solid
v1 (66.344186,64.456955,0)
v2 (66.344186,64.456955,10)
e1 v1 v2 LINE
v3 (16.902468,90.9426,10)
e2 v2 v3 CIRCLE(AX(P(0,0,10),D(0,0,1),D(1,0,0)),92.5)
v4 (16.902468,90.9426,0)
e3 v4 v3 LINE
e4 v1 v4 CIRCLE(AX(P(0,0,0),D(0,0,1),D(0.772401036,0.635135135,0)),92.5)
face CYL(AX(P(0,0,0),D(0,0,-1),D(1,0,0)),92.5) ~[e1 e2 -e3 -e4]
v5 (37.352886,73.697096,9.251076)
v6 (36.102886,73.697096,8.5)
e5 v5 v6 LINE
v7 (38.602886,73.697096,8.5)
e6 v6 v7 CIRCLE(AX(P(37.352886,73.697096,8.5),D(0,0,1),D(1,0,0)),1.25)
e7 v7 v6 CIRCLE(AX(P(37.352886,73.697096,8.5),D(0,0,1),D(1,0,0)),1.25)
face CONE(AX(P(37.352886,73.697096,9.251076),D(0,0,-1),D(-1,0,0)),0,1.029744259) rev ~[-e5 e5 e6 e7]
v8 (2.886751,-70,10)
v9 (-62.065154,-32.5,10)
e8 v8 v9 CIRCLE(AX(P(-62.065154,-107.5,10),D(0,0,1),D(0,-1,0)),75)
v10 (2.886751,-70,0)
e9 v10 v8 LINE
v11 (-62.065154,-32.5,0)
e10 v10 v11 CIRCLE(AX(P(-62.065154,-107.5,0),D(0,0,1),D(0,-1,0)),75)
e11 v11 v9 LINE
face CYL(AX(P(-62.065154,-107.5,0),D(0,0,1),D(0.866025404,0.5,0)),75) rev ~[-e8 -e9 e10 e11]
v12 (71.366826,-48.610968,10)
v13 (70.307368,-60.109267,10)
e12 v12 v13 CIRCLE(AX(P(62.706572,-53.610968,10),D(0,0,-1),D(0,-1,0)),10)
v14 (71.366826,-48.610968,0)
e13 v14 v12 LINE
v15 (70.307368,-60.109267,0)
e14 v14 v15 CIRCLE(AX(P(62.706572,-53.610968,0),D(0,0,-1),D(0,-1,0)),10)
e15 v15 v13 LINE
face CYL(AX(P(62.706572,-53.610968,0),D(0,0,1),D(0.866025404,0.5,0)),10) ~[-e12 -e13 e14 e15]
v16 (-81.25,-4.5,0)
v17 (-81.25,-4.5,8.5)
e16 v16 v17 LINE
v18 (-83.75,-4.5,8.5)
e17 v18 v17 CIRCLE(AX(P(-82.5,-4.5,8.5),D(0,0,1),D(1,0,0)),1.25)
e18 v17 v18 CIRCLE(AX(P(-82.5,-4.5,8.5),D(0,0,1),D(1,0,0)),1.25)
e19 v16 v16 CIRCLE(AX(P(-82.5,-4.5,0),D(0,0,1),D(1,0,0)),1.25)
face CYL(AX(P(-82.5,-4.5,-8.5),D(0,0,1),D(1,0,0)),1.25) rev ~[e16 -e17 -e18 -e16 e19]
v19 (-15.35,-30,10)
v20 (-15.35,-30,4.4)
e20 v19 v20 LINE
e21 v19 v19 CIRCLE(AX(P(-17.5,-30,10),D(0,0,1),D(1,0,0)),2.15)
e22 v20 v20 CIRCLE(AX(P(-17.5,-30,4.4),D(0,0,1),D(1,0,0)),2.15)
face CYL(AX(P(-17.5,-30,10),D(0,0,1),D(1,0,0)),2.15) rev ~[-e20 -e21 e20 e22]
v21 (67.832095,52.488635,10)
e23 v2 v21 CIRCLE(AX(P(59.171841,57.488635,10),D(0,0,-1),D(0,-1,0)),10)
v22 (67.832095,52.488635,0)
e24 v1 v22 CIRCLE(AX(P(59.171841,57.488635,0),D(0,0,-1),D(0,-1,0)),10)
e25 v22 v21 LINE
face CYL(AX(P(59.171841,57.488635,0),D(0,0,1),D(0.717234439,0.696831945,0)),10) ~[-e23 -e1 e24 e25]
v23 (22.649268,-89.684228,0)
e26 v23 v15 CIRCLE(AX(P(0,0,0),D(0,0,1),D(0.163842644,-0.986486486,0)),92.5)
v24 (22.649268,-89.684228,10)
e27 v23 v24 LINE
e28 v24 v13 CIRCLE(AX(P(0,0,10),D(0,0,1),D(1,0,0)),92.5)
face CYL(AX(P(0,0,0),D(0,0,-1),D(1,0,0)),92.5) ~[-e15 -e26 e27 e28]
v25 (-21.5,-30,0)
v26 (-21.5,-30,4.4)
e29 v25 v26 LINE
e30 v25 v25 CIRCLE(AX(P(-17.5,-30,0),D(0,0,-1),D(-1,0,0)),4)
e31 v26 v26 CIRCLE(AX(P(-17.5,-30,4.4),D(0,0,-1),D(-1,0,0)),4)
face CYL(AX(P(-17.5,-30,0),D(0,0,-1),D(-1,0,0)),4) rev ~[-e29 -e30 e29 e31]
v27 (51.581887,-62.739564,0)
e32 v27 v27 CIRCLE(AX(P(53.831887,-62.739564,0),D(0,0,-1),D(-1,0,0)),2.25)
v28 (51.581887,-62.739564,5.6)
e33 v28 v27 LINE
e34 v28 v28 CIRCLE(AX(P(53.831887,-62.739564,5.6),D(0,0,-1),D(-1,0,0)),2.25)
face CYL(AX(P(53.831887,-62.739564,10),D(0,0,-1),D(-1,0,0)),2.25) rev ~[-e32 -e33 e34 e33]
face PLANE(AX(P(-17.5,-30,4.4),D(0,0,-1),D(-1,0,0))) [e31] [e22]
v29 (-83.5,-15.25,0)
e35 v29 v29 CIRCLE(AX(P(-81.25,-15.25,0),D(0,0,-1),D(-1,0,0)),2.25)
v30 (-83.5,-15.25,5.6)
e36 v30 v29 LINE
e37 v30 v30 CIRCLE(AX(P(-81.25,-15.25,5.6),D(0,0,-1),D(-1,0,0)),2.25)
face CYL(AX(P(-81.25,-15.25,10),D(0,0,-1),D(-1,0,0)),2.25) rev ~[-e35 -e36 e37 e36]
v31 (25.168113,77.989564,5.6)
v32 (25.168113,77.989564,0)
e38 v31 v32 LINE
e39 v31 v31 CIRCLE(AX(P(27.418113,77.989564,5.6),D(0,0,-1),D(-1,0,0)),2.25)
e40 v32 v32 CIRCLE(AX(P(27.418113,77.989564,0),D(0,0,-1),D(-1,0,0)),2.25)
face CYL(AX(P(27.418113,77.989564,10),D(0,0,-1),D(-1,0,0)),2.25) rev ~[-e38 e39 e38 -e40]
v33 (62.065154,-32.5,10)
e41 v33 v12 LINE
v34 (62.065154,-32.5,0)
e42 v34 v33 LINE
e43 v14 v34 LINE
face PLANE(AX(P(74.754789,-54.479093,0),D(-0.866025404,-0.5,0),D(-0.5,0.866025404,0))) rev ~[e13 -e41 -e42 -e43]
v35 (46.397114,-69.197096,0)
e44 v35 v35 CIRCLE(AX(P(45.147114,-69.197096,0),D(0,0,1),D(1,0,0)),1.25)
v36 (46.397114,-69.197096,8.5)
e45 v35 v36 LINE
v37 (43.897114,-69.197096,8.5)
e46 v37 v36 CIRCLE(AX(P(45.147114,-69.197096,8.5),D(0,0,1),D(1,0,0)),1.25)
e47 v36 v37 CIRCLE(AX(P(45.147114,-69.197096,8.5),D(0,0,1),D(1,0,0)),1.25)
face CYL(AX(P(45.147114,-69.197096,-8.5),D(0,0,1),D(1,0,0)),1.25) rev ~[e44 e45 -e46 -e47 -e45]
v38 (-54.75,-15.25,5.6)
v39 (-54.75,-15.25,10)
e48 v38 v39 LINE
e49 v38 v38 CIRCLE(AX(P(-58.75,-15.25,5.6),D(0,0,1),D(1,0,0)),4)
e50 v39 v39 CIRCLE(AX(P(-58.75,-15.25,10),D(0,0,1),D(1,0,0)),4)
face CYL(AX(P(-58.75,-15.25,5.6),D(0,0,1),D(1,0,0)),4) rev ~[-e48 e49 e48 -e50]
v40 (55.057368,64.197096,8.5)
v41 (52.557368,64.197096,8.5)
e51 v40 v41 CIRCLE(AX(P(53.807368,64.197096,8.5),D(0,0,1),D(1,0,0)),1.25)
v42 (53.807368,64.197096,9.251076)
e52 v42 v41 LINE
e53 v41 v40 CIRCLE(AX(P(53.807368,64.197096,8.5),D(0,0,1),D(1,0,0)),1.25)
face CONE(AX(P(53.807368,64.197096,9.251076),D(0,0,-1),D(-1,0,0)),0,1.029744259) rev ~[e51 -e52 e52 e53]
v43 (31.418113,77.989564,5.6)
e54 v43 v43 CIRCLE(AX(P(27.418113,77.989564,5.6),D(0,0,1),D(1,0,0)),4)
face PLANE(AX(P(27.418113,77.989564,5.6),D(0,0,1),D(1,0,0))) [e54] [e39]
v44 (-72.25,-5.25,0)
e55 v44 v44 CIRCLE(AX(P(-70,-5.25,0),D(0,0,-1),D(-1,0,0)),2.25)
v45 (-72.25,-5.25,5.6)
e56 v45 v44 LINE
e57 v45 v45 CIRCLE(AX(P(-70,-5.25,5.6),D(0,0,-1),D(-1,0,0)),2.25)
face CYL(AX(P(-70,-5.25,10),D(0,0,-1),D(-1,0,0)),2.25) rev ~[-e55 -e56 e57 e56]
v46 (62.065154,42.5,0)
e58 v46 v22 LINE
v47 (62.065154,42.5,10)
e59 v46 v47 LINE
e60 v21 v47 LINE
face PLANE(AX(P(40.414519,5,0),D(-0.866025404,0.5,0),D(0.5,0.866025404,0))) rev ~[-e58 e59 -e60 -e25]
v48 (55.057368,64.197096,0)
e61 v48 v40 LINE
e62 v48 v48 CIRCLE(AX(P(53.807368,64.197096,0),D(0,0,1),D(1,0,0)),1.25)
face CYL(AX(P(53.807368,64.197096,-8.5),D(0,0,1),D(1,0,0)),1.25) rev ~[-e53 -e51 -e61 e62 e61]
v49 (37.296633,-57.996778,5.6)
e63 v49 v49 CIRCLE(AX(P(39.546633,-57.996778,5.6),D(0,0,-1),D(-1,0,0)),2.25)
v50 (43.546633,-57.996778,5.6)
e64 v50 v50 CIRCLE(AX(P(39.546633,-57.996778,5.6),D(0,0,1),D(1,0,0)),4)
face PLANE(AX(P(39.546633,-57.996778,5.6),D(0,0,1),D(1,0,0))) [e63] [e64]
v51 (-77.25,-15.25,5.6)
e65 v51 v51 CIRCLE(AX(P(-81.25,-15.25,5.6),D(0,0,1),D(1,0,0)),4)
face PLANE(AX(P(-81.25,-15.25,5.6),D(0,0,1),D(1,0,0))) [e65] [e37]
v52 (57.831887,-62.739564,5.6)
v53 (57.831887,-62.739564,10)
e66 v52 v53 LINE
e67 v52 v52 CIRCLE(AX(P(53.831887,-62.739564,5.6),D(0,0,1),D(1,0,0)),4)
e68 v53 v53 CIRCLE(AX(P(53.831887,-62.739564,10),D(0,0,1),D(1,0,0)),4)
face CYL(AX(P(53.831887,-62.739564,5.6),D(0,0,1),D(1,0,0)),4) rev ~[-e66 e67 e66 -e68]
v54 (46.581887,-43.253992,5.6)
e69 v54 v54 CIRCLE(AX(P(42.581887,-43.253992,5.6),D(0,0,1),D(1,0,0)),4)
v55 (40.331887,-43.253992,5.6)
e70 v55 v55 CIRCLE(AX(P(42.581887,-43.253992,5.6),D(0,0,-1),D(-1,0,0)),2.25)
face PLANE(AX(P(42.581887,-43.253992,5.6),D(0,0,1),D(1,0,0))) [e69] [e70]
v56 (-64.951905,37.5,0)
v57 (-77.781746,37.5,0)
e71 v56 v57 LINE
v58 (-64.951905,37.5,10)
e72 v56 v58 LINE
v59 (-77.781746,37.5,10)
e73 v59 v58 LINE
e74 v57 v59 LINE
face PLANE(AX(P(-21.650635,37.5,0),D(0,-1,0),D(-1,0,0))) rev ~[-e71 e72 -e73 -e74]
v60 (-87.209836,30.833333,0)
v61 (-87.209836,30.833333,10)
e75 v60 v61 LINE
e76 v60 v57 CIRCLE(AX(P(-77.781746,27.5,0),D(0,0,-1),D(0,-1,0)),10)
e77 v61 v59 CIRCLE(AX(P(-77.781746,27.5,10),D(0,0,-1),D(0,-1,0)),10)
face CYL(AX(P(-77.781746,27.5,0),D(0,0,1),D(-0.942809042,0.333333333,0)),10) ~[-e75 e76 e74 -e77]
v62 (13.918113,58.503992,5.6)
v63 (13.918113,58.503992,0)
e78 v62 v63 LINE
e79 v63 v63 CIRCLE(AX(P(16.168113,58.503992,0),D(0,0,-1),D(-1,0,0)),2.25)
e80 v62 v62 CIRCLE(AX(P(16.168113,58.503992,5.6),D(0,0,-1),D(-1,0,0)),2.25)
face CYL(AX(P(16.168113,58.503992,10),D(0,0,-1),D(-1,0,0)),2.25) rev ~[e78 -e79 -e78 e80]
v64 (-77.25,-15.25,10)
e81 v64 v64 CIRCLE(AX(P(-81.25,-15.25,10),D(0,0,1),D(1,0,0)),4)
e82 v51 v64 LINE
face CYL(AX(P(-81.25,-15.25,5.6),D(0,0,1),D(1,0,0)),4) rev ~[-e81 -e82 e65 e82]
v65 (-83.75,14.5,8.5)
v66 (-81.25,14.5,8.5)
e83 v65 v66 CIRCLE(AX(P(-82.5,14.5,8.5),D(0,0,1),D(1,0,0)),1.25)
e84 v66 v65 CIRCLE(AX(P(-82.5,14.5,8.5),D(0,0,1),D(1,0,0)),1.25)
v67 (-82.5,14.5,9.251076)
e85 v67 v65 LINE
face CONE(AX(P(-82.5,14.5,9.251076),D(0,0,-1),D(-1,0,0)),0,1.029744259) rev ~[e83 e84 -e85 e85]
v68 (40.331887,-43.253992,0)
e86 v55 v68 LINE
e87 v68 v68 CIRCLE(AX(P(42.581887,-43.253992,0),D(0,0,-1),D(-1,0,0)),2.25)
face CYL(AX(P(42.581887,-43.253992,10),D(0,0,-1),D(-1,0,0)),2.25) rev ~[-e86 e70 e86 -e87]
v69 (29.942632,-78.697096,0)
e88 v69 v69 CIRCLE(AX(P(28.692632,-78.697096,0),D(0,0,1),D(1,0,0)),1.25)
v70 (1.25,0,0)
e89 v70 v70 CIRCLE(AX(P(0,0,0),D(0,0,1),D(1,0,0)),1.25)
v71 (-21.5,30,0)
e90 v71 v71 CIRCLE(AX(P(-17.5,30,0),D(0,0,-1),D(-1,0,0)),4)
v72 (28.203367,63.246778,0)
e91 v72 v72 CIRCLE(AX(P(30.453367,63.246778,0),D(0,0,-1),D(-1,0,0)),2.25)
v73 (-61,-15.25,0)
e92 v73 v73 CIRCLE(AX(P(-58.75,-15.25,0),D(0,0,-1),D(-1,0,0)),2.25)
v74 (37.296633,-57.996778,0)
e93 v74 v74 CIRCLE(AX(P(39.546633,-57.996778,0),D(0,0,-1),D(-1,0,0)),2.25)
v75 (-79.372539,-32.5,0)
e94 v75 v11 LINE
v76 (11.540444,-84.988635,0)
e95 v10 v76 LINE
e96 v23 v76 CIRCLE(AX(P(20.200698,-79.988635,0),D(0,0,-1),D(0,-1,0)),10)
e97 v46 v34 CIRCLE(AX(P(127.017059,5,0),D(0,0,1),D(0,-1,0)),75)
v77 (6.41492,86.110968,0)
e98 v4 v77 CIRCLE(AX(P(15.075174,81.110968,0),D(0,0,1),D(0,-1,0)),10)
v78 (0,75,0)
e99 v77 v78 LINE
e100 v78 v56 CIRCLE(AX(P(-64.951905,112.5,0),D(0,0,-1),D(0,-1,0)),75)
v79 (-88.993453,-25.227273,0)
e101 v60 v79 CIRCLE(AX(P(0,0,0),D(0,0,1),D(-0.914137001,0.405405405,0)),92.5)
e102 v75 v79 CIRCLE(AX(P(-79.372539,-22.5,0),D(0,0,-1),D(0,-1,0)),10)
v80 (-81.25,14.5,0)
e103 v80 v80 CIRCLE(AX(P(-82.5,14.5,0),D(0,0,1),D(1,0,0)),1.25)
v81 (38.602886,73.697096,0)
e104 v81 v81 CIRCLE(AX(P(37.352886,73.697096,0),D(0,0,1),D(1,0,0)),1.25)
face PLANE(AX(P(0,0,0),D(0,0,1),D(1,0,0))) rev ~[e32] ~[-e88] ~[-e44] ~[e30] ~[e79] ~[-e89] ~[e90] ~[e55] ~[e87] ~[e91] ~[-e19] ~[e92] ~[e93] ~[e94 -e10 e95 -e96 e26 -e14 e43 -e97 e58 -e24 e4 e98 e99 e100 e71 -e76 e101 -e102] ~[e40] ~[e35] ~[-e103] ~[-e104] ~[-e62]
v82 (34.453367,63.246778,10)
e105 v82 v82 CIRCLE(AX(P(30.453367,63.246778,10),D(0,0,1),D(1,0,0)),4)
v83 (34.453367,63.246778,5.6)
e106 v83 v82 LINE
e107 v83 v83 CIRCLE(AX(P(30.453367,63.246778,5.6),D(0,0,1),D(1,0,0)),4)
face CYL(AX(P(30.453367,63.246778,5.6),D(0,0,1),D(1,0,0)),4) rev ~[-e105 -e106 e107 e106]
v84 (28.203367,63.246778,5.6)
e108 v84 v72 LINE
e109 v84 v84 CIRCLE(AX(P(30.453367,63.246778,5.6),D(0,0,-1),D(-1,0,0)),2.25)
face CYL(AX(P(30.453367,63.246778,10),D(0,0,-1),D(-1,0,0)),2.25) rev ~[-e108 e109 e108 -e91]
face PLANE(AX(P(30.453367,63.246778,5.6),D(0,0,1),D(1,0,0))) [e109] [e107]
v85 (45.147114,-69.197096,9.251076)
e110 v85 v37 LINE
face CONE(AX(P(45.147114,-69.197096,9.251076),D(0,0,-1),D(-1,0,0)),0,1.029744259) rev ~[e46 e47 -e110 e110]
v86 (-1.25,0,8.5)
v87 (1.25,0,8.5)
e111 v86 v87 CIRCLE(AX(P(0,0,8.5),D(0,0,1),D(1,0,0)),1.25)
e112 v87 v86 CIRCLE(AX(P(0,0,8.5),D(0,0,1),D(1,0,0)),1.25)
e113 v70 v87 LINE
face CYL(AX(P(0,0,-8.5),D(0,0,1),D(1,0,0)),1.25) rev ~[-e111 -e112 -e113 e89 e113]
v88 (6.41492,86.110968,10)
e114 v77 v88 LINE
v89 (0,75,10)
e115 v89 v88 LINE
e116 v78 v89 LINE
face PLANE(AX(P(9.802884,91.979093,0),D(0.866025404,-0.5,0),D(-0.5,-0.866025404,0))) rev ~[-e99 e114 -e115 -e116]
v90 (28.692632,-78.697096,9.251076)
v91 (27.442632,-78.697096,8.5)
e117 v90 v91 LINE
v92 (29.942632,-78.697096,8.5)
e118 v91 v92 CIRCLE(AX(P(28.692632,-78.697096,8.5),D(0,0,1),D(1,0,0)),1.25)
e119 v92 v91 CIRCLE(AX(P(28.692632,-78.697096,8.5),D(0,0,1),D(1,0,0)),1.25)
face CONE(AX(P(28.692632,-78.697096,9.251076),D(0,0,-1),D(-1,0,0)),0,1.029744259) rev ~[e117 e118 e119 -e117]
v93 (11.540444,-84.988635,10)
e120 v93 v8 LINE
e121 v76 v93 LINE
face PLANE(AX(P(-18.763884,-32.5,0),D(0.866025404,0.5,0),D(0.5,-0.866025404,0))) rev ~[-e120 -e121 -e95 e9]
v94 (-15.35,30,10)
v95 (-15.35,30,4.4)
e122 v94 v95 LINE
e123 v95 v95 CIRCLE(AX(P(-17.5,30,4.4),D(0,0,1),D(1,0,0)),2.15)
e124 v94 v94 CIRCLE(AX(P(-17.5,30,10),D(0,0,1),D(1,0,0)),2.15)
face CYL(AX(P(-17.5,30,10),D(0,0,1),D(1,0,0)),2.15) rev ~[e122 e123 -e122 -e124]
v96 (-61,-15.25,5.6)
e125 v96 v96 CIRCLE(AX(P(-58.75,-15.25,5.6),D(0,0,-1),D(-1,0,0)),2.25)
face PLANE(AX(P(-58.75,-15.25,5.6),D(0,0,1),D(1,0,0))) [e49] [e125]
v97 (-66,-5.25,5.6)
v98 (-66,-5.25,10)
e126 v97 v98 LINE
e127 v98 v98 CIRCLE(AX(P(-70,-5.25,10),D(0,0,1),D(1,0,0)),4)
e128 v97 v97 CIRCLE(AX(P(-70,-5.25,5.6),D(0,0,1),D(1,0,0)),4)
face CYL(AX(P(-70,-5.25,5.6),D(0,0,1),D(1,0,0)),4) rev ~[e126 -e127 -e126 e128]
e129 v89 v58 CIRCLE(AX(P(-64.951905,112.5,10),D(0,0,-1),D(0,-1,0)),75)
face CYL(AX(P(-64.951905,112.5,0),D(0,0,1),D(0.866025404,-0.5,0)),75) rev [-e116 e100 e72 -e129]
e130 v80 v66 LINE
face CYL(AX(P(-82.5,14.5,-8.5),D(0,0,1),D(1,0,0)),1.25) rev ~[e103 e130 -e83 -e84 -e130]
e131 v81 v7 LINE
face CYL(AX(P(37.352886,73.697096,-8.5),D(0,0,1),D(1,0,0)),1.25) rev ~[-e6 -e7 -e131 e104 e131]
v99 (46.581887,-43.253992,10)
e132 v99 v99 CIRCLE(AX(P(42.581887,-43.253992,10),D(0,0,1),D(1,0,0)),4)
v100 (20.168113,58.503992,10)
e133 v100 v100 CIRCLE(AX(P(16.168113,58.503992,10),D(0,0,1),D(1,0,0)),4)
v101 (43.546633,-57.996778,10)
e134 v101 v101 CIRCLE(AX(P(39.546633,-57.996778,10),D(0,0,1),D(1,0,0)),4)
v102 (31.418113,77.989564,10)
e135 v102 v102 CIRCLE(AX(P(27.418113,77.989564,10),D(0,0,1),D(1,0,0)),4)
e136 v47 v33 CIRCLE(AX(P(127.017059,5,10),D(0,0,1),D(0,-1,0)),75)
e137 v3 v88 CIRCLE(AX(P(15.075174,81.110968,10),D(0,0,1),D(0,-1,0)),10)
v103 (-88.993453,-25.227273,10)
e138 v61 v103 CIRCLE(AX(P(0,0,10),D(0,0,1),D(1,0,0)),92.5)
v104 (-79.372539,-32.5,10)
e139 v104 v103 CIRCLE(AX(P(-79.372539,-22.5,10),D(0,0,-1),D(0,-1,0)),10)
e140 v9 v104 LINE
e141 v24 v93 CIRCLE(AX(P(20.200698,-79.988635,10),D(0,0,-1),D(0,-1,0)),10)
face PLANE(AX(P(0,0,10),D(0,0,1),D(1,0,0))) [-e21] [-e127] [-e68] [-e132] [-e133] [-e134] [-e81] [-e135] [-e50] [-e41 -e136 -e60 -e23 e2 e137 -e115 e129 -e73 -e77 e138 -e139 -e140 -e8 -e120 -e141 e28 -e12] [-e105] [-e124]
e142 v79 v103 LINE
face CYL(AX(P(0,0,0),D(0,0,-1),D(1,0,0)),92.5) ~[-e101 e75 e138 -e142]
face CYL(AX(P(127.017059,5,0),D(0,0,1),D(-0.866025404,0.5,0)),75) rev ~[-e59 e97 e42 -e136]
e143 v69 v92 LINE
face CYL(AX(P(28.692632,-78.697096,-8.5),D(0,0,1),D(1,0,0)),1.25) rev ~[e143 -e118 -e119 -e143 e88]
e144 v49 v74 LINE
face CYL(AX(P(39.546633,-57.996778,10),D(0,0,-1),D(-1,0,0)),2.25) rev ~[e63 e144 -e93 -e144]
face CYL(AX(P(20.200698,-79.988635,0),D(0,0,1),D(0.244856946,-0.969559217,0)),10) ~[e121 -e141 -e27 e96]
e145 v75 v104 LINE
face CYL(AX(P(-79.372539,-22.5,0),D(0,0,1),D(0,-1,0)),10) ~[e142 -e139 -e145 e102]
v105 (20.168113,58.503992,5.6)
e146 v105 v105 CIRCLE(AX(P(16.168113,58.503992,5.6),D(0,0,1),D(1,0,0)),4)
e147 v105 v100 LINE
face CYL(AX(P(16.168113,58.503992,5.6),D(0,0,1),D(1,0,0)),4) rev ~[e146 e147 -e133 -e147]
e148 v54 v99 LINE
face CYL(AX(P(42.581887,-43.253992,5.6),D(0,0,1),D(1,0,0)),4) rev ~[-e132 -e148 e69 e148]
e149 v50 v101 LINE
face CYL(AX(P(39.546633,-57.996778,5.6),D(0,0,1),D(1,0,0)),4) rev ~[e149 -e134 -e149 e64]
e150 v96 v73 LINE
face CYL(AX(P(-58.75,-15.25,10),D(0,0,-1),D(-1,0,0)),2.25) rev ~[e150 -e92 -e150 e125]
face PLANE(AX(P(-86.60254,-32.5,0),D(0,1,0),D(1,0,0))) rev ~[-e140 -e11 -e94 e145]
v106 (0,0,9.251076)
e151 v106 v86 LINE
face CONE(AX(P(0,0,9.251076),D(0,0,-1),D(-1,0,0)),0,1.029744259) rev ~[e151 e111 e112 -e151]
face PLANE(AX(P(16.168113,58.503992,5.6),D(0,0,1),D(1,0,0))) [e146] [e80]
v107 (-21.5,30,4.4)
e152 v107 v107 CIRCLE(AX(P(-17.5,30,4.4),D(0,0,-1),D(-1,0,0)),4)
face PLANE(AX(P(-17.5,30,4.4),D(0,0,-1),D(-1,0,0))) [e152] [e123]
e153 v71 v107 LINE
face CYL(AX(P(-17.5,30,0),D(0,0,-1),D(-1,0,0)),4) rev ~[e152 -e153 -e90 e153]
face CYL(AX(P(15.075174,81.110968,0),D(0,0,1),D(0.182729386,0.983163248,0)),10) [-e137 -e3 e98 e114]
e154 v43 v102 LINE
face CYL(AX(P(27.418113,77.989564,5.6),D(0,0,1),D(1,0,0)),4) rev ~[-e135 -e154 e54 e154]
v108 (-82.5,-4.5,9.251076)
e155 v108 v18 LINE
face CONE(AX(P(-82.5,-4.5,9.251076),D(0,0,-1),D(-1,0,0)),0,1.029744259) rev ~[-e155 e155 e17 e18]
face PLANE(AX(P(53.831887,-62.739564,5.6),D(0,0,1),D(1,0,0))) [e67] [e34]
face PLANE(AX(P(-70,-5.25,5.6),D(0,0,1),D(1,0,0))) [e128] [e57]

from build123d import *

# Parameters (mm, degrees)
SKIZZE1_R                                            = 92.5
AUFSATZ_LINEAR_AUSTRAGEN1_DEPTH                      = 10
STIRNSENKUNG_F_R_M4_ZYLINDERSCHRAUBE_MIT_D           = 4.5
STIRNSENKUNG_F_R_M4_ZYLINDERSCHRAUBE_MIT_CBORE_D     = 8
STIRNSENKUNG_F_R_M4_ZYLINDERSCHRAUBE_MIT_CBORE_DEPTH = 4.4
SKIZZE10_OUTSIDE_W                                   = 239.364
SKIZZE10_OUTSIDE_H                                   = 239.364
SCHNITT_LINEAR_AUSTRAGEN1_DEPTH                      = 132.196417634
VERRUNDUNG2_R                                        = 10
VERRUNDUNG3_R                                        = 75
SCHNITT_LINEAR_AUSTRAGEN2_REACH                      = 132.221
SKIZZE14_R                                           = 2.15
SKIZZE15_R                                           = 4
SCHNITT_LINEAR_AUSTRAGEN3_DEPTH                      = 4.4
M3_GEWINDEBOHRUNG1_D                                 = 2.5
M3_GEWINDEBOHRUNG1_DEPTH                             = 8.5
M3_GEWINDEBOHRUNG1_TIP                               = 0.751075774


with BuildPart() as part:
    # Skizze1 → Aufsatz-Linear austragen1 (new body)
    with BuildSketch(Plane.XY):
        Circle(SKIZZE1_R)
    extrude(amount=AUFSATZ_LINEAR_AUSTRAGEN1_DEPTH)

    # Stirnsenkung für M4 Zylinderschraube mit Innensechskant1 (through all)
    with Locations(Plane(origin=(-81.25, -15.25, 10), x_dir=(1, 0, 0), z_dir=(0, 0, 1))):
        with Locations((0, 0), (22.5, 0), (97.418112592, 73.753992472), (108.668112592, 93.239564057), (123.831887408, -28.003992472), (135.081887408, -47.489564057), (120.79663337, -42.746778265), (111.70336663, 78.496778265), (11.25, 10)):
            CounterBoreHole(STIRNSENKUNG_F_R_M4_ZYLINDERSCHRAUBE_MIT_D / 2, STIRNSENKUNG_F_R_M4_ZYLINDERSCHRAUBE_MIT_CBORE_D / 2, STIRNSENKUNG_F_R_M4_ZYLINDERSCHRAUBE_MIT_CBORE_DEPTH)

    # Skizze10 outside → Schnitt-Linear austragen1 (cut, through all)
    with BuildSketch(Plane(origin=(0, 0, 0), x_dir=(-1, 0, 0), z_dir=(0, 0, -1))):
        Rectangle(SKIZZE10_OUTSIDE_W, SKIZZE10_OUTSIDE_H)
        with BuildLine():
            Line((86.602540378, -32.5), (18.763883749, -32.5))
            Line((18.763883749, -32.5), (-15.155444566, -91.25))
            ThreePointArc((-15.155444566, -91.25), (-48.569408387, -78.722694116), (-74.754788955, -54.479092579))
            Line((-74.754788955, -54.479092579), (-40.414518843, 5))
            Line((-40.414518843, 5), (-71.447095812, 58.75))
            ThreePointArc((-71.447095812, 58.75), (-43.891148765, 81.423688568), (-9.802883671, 91.979092579))
            Line((-9.802883671, 91.979092579), (21.650635095, 37.5))
            Line((21.650635095, 37.5), (84.557672626, 37.5))
            ThreePointArc((84.557672626, 37.5), (92.460557153, 2.700994452), (86.602540378, -32.5))
        make_face(mode=Mode.SUBTRACT)
    extrude(amount=-SCHNITT_LINEAR_AUSTRAGEN1_DEPTH, mode=Mode.SUBTRACT)

    # Verrundung2
    verrundung2_edges = [part.edges().sort_by_distance(p)[0] for p in [
        (15.155444566, -91.25, 5),
        (74.754788955, -54.479092579, 5),
        (71.447095812, 58.75, 5),
        (9.802883671, 91.979092579, 5),
        (-84.557672626, 37.5, 5),
        (-86.602540378, -32.5, 5),
    ]]
    fillet(verrundung2_edges, radius=VERRUNDUNG2_R)

    # Verrundung3
    verrundung3_edges = [part.edges().sort_by_distance(p)[0] for p in [
        (-18.763883749, -32.5, 5),
        (40.414518843, 5, 5),
        (-21.650635095, 37.5, 5),
    ]]
    fillet(verrundung3_edges, radius=VERRUNDUNG3_R)

    # Skizze14 → Schnitt-Linear austragen2 (cut, up to next)
    with BuildSketch(Plane.XY.offset(10), mode=Mode.PRIVATE) as schnitt_linear_austragen2_sk1:
        with Locations((-17.5, 30)):
            Circle(SKIZZE14_R)
    schnitt_linear_austragen2_tool1 = extrude(schnitt_linear_austragen2_sk1.sketch, amount=-SCHNITT_LINEAR_AUSTRAGEN2_REACH, mode=Mode.PRIVATE) & part.part
    # Skizze14 → Schnitt-Linear austragen2 (cut, up to next)
    with BuildSketch(Plane.XY.offset(10), mode=Mode.PRIVATE) as schnitt_linear_austragen2_sk2:
        with Locations((-17.5, -30)):
            Circle(SKIZZE14_R)
    schnitt_linear_austragen2_tool2 = extrude(schnitt_linear_austragen2_sk2.sketch, amount=-SCHNITT_LINEAR_AUSTRAGEN2_REACH, mode=Mode.PRIVATE) & part.part
    add(schnitt_linear_austragen2_tool1.solids().sort_by_distance((-17.5, 30, 10))[0], mode=Mode.SUBTRACT)
    add(schnitt_linear_austragen2_tool2.solids().sort_by_distance((-17.5, -30, 10))[0], mode=Mode.SUBTRACT)

    # Skizze15 → Schnitt-Linear austragen3 (cut)
    with BuildSketch(Plane(origin=(0, 0, 0), x_dir=(-1, 0, 0), z_dir=(0, 0, -1))):
        with Locations((17.5, 30)):
            Circle(SKIZZE15_R)
        with Locations((17.5, -30)):
            Circle(SKIZZE15_R)
    extrude(amount=-SCHNITT_LINEAR_AUSTRAGEN3_DEPTH, mode=Mode.SUBTRACT)

    # M3 Gewindebohrung1
    with Locations(Plane(origin=(0, 0, 0), x_dir=(-1, 0, 0), z_dir=(0, 0, -1))):
        with Locations((82.5, -4.5), (82.5, 14.5), (-45.147114317, -69.197095812), (-28.692631645, -78.697095812), (-37.352885683, 73.697095812), (-53.807368355, 64.197095812), (0, 0)):
            Hole(M3_GEWINDEBOHRUNG1_D / 2, depth=M3_GEWINDEBOHRUNG1_DEPTH)
            with Locations((0, 0, -(M3_GEWINDEBOHRUNG1_DEPTH + M3_GEWINDEBOHRUNG1_TIP / 2))):  # 118° drill point
                Cone(0, M3_GEWINDEBOHRUNG1_D / 2, M3_GEWINDEBOHRUNG1_TIP, mode=Mode.SUBTRACT)


solid = part.part
